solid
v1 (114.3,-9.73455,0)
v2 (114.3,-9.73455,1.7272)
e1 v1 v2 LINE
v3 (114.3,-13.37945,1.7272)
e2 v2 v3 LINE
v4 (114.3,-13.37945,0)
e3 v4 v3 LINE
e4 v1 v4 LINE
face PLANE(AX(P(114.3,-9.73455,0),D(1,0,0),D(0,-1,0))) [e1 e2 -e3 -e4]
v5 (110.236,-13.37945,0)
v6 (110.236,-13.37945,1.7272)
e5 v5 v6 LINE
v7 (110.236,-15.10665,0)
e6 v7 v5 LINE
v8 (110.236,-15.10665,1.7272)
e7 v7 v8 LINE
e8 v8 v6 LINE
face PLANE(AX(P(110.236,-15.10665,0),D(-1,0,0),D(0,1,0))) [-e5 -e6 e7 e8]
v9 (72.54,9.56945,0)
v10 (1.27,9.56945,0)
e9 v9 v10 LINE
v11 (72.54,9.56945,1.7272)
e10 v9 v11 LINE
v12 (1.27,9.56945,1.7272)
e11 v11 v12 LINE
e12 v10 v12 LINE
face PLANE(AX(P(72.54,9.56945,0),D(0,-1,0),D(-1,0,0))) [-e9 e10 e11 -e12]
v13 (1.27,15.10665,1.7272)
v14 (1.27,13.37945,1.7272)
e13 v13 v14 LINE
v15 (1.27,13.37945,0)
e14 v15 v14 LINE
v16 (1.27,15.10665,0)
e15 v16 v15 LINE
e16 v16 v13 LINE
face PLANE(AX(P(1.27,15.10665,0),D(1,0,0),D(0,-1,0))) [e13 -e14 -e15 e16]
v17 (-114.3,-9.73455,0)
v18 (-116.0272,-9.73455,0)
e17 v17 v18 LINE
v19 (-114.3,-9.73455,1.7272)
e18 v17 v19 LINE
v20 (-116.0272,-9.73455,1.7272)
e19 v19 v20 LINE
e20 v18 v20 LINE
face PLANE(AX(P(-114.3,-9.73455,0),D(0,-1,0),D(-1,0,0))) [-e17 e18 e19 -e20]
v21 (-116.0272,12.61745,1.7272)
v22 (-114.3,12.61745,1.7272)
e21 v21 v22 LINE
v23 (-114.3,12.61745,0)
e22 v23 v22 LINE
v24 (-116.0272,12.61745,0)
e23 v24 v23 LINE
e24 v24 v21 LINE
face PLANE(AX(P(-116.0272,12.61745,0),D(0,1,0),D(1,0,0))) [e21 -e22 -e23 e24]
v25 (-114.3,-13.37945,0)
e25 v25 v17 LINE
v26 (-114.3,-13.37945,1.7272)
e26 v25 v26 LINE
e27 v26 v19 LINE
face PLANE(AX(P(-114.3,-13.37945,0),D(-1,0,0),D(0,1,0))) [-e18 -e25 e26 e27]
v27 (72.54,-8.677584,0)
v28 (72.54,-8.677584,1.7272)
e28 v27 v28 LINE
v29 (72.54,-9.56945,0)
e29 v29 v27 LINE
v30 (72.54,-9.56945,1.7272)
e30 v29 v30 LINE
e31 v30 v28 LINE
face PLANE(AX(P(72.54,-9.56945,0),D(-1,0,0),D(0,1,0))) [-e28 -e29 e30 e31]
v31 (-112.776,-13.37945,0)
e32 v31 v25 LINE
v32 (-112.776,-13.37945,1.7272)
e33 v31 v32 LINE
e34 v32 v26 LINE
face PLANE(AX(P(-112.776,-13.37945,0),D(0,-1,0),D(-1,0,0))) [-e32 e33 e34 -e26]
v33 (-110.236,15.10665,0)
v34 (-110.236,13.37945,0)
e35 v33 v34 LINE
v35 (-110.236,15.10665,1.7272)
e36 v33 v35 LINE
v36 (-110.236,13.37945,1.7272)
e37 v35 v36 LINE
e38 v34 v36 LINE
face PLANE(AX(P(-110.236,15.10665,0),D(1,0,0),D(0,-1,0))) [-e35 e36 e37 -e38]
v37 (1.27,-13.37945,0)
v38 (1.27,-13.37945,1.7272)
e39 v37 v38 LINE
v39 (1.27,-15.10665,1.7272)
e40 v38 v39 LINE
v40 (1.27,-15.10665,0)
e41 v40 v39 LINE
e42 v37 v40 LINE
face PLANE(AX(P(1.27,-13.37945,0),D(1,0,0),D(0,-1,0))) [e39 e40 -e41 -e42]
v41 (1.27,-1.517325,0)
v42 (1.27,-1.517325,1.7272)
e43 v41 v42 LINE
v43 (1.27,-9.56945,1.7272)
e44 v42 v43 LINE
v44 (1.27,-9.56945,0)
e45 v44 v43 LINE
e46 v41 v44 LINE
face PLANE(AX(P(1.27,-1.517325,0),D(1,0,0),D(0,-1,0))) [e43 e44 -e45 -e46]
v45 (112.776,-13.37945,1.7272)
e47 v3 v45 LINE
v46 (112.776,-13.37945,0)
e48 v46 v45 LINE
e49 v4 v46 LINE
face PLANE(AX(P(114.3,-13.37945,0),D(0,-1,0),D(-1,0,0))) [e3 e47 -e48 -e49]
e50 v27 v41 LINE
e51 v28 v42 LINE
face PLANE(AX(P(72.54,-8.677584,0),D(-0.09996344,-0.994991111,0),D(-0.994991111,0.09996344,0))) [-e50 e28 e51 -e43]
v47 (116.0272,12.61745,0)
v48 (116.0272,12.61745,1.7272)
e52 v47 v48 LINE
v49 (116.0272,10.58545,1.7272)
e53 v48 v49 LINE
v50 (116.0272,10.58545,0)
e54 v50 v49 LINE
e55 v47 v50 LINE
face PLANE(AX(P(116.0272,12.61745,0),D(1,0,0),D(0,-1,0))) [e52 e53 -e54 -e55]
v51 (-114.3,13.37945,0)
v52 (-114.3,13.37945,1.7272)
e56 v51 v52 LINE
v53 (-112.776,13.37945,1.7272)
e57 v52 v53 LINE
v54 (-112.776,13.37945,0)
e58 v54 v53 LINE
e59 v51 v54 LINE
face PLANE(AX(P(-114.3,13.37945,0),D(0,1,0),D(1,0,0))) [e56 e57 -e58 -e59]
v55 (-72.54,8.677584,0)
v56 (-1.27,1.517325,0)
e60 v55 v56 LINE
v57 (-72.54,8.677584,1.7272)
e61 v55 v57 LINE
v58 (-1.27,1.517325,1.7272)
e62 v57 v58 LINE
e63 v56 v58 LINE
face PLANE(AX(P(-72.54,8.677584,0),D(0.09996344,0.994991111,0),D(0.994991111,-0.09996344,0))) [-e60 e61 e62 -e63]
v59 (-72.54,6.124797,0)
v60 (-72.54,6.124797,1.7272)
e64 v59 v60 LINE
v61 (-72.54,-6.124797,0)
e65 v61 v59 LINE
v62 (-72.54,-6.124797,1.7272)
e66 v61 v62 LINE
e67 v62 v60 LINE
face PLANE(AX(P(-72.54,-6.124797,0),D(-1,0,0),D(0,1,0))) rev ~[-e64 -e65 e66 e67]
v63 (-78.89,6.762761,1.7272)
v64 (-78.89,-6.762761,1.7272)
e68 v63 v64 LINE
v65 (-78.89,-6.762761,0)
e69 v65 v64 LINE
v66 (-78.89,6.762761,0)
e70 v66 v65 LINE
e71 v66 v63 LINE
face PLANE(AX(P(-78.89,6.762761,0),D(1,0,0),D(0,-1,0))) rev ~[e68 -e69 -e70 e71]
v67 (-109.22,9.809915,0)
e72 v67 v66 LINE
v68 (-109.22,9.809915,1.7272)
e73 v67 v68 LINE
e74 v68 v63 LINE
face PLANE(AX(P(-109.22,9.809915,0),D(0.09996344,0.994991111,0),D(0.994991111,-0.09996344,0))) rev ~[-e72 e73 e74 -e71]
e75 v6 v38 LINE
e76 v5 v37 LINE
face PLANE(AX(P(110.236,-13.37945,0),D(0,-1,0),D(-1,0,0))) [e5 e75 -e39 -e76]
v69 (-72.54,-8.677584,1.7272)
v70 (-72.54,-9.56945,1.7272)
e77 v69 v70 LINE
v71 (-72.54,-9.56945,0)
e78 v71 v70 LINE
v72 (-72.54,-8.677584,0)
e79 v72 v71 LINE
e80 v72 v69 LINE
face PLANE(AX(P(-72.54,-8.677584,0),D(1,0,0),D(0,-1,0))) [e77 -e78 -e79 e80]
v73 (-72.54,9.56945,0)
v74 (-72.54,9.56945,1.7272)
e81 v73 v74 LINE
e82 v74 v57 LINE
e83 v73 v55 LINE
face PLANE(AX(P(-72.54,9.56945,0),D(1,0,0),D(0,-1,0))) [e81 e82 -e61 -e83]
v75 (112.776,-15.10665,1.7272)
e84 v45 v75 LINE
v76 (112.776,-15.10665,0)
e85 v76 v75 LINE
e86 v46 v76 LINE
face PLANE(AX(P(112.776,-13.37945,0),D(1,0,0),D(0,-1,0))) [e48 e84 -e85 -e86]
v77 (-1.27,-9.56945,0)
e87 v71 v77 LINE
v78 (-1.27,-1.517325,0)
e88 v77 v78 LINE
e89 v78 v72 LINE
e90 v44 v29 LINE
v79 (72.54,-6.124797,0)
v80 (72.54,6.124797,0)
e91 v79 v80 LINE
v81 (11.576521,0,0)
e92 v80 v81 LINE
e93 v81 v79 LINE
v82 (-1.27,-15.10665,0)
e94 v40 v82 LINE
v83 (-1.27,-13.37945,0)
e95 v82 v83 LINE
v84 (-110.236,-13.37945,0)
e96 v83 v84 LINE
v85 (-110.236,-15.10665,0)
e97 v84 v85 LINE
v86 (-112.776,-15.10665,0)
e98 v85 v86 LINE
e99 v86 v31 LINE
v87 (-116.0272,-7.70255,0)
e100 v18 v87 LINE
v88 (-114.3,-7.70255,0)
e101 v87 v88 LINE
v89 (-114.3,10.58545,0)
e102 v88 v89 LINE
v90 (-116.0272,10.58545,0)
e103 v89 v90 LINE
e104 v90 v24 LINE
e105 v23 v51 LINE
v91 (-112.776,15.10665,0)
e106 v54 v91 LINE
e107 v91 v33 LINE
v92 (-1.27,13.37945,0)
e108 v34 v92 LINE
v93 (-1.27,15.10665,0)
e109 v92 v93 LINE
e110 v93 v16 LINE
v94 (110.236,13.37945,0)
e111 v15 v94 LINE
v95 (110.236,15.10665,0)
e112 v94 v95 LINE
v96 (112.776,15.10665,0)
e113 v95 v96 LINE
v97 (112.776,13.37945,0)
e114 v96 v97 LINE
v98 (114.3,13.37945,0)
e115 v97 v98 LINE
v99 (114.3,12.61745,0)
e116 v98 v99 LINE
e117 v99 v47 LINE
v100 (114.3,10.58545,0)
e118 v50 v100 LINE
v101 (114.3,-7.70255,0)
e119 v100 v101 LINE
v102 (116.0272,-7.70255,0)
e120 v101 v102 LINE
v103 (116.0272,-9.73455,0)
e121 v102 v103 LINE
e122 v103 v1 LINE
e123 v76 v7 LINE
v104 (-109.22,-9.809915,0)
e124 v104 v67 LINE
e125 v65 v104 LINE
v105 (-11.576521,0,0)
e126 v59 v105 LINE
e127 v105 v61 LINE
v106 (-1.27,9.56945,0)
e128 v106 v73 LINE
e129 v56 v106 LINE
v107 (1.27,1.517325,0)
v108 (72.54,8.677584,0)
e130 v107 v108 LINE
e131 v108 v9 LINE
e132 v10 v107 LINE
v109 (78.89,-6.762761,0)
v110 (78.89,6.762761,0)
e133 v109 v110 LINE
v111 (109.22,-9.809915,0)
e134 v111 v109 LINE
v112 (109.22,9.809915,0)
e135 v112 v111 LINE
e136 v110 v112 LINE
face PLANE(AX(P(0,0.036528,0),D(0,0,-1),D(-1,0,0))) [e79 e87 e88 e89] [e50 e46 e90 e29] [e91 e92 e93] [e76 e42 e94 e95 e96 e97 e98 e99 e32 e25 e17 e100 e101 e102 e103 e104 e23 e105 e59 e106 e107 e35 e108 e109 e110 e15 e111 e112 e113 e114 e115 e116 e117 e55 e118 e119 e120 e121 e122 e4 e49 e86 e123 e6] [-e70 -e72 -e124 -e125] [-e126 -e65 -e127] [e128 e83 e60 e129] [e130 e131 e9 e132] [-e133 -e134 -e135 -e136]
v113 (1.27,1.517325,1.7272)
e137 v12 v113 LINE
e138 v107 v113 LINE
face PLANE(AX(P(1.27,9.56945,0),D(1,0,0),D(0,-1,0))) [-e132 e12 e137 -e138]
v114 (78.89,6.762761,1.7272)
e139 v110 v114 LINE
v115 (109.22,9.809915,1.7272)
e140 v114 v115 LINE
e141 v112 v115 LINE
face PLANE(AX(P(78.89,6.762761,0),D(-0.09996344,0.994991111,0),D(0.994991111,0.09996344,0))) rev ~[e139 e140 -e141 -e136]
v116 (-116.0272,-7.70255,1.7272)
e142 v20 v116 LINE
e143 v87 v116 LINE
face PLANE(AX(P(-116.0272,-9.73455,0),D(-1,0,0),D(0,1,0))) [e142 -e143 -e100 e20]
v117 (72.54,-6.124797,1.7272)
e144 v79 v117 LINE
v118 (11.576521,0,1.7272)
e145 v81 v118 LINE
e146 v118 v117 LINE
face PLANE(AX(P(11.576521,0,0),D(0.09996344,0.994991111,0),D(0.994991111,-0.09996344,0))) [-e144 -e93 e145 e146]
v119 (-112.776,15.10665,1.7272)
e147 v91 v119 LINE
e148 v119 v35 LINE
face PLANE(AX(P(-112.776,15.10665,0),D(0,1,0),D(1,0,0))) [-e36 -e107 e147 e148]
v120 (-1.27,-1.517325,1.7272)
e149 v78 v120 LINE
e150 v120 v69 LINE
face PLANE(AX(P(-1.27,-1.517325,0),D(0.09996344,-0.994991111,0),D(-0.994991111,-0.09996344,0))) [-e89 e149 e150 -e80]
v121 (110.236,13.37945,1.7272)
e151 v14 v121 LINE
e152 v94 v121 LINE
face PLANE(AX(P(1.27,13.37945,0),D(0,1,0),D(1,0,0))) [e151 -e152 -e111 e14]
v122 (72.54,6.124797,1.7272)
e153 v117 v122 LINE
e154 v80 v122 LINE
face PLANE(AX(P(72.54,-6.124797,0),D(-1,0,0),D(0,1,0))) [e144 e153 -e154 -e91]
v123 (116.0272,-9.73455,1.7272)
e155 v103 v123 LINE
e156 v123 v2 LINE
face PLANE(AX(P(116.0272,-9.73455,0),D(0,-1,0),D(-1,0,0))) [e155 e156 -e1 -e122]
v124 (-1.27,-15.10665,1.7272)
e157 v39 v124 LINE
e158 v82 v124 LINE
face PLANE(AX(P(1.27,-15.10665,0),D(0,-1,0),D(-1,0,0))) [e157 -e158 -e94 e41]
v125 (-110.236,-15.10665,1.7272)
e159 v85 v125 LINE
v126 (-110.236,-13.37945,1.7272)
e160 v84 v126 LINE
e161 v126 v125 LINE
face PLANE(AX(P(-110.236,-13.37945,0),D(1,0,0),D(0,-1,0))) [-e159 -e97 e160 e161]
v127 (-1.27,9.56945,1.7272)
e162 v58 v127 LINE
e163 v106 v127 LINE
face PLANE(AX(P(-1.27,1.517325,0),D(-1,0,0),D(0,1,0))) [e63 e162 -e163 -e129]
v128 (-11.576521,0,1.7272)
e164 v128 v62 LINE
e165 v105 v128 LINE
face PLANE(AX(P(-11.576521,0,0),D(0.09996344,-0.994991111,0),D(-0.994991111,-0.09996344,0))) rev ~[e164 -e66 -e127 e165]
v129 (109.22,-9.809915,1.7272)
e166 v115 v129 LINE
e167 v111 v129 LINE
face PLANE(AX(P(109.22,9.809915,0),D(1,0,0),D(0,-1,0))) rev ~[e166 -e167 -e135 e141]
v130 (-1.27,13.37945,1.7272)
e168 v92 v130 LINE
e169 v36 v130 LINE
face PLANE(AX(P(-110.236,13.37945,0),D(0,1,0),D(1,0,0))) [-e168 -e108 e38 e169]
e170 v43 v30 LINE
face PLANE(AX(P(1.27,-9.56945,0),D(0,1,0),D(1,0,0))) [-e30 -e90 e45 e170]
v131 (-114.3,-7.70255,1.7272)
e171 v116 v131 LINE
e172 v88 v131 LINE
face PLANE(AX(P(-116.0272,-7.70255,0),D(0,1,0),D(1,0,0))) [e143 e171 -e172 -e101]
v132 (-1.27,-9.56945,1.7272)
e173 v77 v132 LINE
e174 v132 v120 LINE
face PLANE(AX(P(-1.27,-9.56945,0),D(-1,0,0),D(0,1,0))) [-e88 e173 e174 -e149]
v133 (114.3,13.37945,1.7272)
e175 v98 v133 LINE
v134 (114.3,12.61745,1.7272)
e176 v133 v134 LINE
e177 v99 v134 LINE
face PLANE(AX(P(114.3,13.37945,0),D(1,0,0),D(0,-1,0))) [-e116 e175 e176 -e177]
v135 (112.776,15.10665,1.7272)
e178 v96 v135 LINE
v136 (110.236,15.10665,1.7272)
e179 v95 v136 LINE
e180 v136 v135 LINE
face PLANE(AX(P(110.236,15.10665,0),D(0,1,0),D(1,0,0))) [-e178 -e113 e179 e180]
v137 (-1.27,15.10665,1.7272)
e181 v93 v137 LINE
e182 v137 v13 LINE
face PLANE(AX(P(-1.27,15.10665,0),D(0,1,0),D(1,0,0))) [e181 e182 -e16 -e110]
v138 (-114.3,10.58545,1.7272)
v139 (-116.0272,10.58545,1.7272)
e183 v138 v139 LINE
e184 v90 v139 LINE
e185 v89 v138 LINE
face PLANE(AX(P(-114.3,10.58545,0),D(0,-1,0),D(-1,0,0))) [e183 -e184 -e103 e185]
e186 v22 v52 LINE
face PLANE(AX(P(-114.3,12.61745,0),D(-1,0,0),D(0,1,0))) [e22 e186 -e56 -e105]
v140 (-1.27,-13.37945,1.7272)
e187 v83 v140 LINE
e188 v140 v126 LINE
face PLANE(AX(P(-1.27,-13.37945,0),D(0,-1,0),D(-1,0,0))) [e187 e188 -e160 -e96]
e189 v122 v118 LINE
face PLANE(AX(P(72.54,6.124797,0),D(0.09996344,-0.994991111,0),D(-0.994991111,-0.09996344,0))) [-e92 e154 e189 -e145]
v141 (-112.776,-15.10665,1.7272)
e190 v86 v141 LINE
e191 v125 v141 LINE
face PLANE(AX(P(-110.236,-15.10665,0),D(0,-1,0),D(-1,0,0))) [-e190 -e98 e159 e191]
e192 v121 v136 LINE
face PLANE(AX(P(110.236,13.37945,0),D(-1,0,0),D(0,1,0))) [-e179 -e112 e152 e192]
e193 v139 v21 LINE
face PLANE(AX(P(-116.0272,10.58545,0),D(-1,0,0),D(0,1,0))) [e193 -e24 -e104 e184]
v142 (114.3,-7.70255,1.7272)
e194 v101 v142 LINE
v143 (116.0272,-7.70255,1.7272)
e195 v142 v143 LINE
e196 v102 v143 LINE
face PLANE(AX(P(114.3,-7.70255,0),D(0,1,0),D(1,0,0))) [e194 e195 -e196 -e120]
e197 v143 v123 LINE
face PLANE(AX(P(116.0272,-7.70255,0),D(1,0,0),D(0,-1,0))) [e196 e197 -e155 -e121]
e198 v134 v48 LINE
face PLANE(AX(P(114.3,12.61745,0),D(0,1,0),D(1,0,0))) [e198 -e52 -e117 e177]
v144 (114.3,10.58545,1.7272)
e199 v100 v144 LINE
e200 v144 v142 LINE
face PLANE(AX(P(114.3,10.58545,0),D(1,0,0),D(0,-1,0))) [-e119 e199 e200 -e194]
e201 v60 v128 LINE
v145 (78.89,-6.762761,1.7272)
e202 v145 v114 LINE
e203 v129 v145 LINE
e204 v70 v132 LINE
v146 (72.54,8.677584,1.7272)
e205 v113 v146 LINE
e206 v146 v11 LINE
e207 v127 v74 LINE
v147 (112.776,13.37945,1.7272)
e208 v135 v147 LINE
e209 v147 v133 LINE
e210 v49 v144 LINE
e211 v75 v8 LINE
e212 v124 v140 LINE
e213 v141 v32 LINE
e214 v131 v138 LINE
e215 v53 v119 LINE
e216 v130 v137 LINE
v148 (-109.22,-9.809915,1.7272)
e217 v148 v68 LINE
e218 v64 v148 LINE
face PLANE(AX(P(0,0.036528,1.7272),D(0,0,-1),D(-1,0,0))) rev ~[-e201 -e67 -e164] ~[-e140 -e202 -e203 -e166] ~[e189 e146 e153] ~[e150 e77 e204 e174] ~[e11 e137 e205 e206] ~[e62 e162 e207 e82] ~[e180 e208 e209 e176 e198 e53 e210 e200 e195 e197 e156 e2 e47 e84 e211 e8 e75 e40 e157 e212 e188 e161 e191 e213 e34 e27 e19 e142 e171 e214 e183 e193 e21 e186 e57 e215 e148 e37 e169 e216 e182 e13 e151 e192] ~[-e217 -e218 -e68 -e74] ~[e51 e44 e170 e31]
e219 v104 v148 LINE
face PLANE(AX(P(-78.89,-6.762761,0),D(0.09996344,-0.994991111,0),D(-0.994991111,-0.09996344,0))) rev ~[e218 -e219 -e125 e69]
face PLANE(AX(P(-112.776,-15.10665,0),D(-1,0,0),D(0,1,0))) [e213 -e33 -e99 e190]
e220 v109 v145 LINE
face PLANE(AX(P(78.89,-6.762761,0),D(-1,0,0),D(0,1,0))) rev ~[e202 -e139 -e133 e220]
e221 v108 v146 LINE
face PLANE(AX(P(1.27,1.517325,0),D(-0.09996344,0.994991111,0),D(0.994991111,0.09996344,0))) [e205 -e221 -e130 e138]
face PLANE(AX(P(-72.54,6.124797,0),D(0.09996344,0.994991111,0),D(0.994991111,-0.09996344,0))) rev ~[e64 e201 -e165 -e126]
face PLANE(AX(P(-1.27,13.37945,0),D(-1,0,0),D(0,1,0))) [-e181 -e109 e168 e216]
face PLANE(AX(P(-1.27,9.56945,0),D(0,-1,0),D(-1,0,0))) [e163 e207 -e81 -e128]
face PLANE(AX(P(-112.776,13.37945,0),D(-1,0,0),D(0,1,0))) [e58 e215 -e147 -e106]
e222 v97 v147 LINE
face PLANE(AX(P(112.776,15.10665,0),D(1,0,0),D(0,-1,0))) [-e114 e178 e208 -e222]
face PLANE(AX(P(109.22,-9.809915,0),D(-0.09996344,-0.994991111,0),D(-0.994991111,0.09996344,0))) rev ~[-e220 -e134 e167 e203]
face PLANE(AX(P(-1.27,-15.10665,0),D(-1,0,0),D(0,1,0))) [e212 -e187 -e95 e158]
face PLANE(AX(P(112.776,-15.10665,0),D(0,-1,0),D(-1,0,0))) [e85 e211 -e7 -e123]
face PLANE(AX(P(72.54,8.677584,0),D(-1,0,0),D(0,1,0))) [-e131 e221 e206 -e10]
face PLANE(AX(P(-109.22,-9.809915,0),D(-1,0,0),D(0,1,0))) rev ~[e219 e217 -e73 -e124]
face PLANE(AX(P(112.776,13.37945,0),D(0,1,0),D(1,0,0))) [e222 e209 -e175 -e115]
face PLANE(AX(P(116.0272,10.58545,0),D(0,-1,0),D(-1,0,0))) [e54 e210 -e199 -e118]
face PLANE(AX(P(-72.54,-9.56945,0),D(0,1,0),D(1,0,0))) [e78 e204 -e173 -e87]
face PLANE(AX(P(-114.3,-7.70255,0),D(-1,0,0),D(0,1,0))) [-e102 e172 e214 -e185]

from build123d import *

# Parameters (mm, degrees)
BOSS_EXTRUDE1_DEPTH = 1.7272


with BuildPart() as part:
    # Sketch1 → Boss-Extrude1 (new body)
    with BuildSketch(Plane.XY):
        Polygon((-114.3, 13.37945), (-112.776, 13.37945), (-112.776, 15.10665), (-110.236, 15.10665), (-110.236, 13.37945), (-1.27, 13.37945), (-1.27, 15.10665), (1.27, 15.10665), (1.27, 13.37945), (110.236, 13.37945), (110.236, 15.10665), (112.776, 15.10665), (112.776, 13.37945), (114.3, 13.37945), (114.3, 12.61745), (116.0272, 12.61745), (116.0272, 10.58545), (114.3, 10.58545), (114.3, -7.70255), (116.0272, -7.70255), (116.0272, -9.73455), (114.3, -9.73455), (114.3, -13.37945), (112.776, -13.37945), (112.776, -15.10665), (110.236, -15.10665), (110.236, -13.37945), (1.27, -13.37945), (1.27, -15.10665), (-1.27, -15.10665), (-1.27, -13.37945), (-110.236, -13.37945), (-110.236, -15.10665), (-112.776, -15.10665), (-112.776, -13.37945), (-114.3, -13.37945), (-114.3, -9.73455), (-116.0272, -9.73455), (-116.0272, -7.70255), (-114.3, -7.70255), (-114.3, 10.58545), (-116.0272, 10.58545), (-116.0272, 12.61745), (-114.3, 12.61745), align=None)
        Polygon((-1.27, -1.517324769), (-72.54, -8.677584102), (-72.54, -9.56945), (-1.27, -9.56945), align=None, mode=Mode.SUBTRACT)
        Polygon((-78.89, -6.76276081), (-109.22, -9.80991481), (-109.22, 9.80991481), (-78.89, 6.76276081), align=None, mode=Mode.SUBTRACT)
        Polygon((-11.576521468, 0), (-72.54, -6.124797477), (-72.54, 6.124797477), align=None, mode=Mode.SUBTRACT)
        Polygon((-1.27, 9.56945), (-72.54, 9.56945), (-72.54, 8.677584102), (-1.27, 1.517324769), align=None, mode=Mode.SUBTRACT)
        Polygon((1.27, 1.517324769), (72.54, 8.677584102), (72.54, 9.56945), (1.27, 9.56945), align=None, mode=Mode.SUBTRACT)
        Polygon((78.89, 6.76276081), (109.22, 9.80991481), (109.22, -9.80991481), (78.89, -6.76276081), align=None, mode=Mode.SUBTRACT)
        Polygon((72.54, -6.124797477), (72.54, 6.124797477), (11.576521468, 0), align=None, mode=Mode.SUBTRACT)
        Polygon((1.27, -9.56945), (72.54, -9.56945), (72.54, -8.677584102), (1.27, -1.517324769), align=None, mode=Mode.SUBTRACT)
    extrude(amount=BOSS_EXTRUDE1_DEPTH)


solid = part.part
